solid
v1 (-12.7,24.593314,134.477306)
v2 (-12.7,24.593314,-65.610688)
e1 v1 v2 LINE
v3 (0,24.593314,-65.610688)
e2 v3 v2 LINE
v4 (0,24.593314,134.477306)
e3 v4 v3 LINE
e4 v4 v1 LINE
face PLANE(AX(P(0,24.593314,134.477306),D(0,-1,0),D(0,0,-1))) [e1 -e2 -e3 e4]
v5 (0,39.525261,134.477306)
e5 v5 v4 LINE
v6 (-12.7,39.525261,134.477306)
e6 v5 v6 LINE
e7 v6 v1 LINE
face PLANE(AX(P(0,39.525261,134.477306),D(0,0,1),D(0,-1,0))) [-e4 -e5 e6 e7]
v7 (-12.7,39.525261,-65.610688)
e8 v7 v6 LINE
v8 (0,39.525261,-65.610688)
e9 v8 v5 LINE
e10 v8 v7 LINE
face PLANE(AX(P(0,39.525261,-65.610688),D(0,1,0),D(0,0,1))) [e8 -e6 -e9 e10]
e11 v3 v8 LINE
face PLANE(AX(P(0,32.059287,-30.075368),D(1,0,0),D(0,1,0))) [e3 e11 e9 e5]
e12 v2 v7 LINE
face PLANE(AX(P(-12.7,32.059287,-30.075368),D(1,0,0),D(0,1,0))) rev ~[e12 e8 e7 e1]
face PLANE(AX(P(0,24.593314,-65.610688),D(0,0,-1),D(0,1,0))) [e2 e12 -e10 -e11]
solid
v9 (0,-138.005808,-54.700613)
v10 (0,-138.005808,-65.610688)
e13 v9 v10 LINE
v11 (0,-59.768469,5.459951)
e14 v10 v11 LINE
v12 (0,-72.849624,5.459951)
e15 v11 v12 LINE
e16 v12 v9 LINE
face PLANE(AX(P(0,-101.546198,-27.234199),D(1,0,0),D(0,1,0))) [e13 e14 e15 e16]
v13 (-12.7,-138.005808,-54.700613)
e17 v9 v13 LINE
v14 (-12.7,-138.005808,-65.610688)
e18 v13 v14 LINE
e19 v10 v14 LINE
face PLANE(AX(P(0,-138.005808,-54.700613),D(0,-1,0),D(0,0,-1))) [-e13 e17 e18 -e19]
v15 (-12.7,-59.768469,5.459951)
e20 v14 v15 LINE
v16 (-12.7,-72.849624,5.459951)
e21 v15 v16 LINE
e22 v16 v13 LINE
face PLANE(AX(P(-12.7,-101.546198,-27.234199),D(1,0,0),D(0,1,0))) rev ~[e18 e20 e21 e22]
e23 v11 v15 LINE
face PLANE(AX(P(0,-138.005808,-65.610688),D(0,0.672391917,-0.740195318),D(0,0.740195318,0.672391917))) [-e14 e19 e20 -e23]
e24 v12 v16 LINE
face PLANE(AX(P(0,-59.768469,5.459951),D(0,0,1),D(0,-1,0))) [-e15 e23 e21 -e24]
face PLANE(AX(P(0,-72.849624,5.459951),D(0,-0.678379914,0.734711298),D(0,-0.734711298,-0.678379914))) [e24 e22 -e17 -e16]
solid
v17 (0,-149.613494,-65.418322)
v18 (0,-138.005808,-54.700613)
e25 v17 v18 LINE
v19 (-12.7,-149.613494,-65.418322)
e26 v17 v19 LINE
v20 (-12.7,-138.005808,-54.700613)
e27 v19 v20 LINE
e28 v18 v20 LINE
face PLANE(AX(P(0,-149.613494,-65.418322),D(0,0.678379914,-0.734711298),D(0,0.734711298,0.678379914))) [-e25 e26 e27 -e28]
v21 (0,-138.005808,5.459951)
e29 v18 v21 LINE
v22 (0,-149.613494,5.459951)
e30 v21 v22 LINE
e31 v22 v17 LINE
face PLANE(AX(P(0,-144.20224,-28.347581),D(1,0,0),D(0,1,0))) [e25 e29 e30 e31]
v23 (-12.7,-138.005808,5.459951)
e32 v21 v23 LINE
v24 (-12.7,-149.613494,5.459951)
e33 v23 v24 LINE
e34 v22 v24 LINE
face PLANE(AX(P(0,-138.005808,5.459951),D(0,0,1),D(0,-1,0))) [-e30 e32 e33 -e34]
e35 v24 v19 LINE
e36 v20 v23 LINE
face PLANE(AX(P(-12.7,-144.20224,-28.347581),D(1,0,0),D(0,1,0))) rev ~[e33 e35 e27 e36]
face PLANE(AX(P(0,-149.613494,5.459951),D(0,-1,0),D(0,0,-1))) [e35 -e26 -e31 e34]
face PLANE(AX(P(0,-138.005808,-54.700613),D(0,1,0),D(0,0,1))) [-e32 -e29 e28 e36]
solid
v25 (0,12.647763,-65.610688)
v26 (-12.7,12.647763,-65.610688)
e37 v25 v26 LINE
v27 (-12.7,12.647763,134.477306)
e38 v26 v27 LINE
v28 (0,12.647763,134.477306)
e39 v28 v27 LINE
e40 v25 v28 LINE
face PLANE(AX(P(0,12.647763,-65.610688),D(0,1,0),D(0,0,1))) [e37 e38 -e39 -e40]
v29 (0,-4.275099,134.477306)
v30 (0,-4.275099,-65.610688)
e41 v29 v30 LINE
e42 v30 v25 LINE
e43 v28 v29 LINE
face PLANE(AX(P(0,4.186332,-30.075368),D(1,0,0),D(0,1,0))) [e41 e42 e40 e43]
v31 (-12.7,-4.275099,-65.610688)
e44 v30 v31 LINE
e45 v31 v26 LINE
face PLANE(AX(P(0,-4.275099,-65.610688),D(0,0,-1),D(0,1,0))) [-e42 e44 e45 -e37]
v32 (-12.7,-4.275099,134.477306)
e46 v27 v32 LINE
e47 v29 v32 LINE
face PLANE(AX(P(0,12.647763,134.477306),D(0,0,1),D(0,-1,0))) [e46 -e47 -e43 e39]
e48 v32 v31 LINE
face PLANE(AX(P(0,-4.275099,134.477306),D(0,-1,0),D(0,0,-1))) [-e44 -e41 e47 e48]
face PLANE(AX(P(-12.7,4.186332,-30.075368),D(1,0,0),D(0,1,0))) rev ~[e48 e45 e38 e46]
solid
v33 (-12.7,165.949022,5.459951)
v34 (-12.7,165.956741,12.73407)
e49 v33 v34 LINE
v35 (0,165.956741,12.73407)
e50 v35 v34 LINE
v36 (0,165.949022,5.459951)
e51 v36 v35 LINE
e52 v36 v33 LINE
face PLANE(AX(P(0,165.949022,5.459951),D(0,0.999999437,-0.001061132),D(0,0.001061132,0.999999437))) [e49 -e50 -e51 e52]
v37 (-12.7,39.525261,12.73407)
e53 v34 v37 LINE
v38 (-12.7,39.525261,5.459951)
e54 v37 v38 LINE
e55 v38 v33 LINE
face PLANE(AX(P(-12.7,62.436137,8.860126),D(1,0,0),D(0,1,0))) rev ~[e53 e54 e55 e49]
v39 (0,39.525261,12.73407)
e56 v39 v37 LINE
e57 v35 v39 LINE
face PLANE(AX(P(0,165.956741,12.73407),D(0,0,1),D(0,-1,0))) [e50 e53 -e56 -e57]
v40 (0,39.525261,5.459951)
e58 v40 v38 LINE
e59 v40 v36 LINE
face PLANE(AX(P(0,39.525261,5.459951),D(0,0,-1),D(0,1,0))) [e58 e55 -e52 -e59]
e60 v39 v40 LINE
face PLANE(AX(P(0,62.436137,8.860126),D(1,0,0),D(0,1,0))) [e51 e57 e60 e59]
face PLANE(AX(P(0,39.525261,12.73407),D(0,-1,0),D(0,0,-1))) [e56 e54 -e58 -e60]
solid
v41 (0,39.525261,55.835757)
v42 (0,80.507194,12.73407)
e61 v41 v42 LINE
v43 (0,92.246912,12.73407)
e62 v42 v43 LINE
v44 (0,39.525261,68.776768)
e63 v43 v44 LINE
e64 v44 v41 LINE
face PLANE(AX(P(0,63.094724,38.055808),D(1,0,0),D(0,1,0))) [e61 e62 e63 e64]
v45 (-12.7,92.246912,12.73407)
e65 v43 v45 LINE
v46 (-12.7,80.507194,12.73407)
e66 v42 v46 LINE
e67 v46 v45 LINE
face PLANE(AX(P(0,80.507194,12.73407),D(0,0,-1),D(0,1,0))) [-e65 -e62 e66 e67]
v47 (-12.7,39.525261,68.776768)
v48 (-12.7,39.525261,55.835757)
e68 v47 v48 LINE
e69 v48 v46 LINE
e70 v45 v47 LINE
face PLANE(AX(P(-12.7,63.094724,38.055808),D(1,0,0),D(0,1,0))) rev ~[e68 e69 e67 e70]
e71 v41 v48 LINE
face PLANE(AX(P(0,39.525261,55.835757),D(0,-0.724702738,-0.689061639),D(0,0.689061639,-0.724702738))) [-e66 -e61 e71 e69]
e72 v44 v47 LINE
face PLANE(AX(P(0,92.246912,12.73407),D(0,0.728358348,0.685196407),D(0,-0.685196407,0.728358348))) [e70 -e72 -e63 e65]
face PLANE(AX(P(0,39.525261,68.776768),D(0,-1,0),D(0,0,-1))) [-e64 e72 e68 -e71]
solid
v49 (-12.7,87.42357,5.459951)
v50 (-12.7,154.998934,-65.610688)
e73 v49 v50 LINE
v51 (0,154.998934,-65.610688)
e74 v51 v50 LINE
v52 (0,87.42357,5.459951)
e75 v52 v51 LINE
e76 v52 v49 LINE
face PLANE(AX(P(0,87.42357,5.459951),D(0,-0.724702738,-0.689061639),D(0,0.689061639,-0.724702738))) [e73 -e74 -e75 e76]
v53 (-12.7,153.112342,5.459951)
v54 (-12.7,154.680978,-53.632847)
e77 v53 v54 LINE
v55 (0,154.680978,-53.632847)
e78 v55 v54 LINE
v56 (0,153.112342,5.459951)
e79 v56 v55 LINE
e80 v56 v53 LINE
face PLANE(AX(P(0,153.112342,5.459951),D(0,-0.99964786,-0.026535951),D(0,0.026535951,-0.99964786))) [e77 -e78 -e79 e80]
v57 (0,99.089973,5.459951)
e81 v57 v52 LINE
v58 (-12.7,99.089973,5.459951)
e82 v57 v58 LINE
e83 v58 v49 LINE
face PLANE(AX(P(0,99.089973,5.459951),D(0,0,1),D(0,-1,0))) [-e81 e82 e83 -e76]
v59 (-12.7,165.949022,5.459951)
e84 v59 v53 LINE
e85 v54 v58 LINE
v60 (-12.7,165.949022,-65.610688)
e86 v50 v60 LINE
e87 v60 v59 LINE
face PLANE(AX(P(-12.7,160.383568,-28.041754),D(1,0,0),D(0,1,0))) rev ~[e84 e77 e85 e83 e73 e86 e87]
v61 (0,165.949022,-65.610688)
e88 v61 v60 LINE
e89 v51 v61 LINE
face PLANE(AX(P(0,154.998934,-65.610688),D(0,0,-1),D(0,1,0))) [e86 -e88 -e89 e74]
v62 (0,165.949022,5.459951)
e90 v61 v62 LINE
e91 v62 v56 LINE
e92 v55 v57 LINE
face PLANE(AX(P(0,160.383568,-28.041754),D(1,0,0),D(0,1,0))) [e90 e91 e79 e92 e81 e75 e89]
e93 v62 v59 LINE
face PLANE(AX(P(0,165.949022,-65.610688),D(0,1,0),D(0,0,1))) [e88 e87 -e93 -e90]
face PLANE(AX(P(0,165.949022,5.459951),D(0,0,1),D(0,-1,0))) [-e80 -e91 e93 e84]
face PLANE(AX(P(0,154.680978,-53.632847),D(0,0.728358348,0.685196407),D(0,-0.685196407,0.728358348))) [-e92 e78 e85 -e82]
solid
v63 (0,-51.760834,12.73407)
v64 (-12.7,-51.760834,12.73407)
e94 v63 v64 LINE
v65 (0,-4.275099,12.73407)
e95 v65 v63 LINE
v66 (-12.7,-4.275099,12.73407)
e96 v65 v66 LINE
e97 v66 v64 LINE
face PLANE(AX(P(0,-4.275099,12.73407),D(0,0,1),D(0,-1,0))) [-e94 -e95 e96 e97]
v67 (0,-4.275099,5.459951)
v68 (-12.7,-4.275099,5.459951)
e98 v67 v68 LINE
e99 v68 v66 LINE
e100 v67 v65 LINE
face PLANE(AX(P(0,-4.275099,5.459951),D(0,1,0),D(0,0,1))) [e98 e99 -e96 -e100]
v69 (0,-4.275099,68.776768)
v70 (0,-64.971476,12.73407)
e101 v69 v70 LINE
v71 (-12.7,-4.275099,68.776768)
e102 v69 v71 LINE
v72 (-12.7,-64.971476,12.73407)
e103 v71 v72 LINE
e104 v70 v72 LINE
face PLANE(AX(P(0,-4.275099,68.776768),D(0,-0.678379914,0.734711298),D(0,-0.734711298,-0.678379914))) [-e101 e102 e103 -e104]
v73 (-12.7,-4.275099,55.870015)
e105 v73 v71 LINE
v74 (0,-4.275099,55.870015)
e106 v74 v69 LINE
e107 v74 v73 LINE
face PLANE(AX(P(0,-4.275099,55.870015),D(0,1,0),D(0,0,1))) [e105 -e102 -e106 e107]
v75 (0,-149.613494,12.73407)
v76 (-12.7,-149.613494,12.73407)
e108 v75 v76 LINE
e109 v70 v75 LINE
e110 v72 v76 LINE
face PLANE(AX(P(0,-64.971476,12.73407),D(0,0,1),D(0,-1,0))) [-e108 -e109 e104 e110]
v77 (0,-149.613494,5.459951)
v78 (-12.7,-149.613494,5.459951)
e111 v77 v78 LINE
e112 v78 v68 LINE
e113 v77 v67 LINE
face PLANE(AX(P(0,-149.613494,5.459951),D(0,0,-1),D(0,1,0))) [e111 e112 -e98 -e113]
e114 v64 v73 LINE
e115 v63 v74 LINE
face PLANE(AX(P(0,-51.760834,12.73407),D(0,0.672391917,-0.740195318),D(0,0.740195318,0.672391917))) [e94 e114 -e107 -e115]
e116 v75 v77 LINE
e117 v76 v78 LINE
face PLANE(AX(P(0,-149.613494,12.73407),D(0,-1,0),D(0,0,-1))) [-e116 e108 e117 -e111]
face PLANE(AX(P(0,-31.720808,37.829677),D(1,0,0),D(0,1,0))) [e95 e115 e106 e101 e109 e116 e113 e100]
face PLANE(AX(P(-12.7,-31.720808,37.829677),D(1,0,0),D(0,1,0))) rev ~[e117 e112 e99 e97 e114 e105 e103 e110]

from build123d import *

# Parameters (mm, degrees)
F0_W     = 14.9319469929
F0_H     = 71.0706394166
F1_DEPTH = 12.7
F0_W_2   = 16.9228613377
F2_DEPTH = 12.7
F3_DEPTH = 12.7


with BuildPart() as f1:
    # F0 (on Right) → F1 (new body)
    with BuildSketch(Plane.YZ):
        with Locations((32.0592873663, -30.0753683969)):
            Rectangle(F0_W, F0_H)
        Polygon((39.5252608627, 55.8357574791), (39.5252608627, 68.7767677754), (39.5252608627, 134.4773062319), (24.5933138699, 134.4773062319), (24.5933138699, 5.4599513113), (39.5252608627, 5.4599513113), (39.5252608627, 12.7340704948), align=None)
    extrude(amount=-F1_DEPTH)


with BuildPart() as f1b:
    # F0 (on Right) → F1, piece 2 (new body)
    with BuildSketch(Plane.YZ):
        with Locations((4.1863319397, -30.0753683969)):
            Rectangle(F0_W_2, F0_H)
        Polygon((-4.2750987291, 5.4599513113), (12.6477626086, 5.4599513113), (12.6477626086, 134.4773062319), (-4.2750987291, 134.4773062319), (-4.2750987291, 68.7767677754), (-4.2750987291, 55.8700152487), (-4.2750987291, 12.7340704948), align=None)
    extrude(amount=-F1_DEPTH)


with BuildPart() as f1c:
    # F0 (on Right) → F1, piece 3 (new body)
    with BuildSketch(Plane.YZ):
        Polygon((-149.6134943395, 5.4599513113), (-149.6134943395, -65.4183215648), (-138.0058078351, -54.7006132747), (-138.0058078351, 5.4599513113), align=None)
    extrude(amount=-F1_DEPTH)


with BuildPart() as f1d:
    # F0 (on Right) → F1, piece 4 (new body)
    with BuildSketch(Plane.YZ):
        Polygon((165.9490221113, -65.6106881052), (165.9490221113, 5.4599513113), (153.1123422951, 5.4599513113), (154.6809782416, -53.6328468082), align=None)
        Polygon((154.9989336104, -65.6106881052), (165.9490221113, -65.6106881052), (154.6809782416, -53.6328468082), align=None)
        Polygon((154.6809782416, -53.6328468082), (99.0899727268, 5.4599513113), (87.4235696838, 5.4599513113), (154.9989336104, -65.6106881052), align=None)
    extrude(amount=-F1_DEPTH)


with BuildPart() as f1e:
    # F0 (on Right) → F1, piece 5 (new body)
    with BuildSketch(Plane.YZ):
        Polygon((-138.0058078351, -54.7006132747), (-138.0058078351, -65.6106881052), (-59.7684685426, 5.4599513113), (-72.8496238127, 5.4599513113), align=None)
    extrude(amount=-F1_DEPTH)


with BuildPart() as f2:
    # F0 (on Right) → F2 (new body)
    with BuildSketch(Plane.YZ):
        Polygon((-4.2750987291, 68.7767677754), (-64.9714755377, 12.7340704948), (-51.76083367, 12.7340704948), (-4.2750987291, 55.8700152487), align=None)
        Polygon((-149.6134943395, 12.7340704948), (-149.6134943395, 5.4599513113), (-138.0058078351, 5.4599513113), (-72.8496238127, 5.4599513113), (-64.9714755377, 12.7340704948), align=None)
        Polygon((-51.76083367, 12.7340704948), (-59.7684685426, 5.4599513113), (-4.2750987291, 5.4599513113), (-4.2750987291, 12.7340704948), align=None)
        Polygon((-72.8496238127, 5.4599513113), (-59.7684685426, 5.4599513113), (-51.76083367, 12.7340704948), (-64.9714755377, 12.7340704948), align=None)
    extrude(amount=-F2_DEPTH)


with BuildPart() as f2b:
    # F0 (on Right) → F2, piece 2 (new body)
    with BuildSketch(Plane.YZ):
        Polygon((80.5071938765, 12.7340704948), (92.2469121084, 12.7340704948), (39.5252608627, 68.7767677754), (39.5252608627, 55.8357574791), align=None)
    extrude(amount=-F2_DEPTH)


with BuildPart() as f3:
    # F0 (on Right) → F3 (new body)
    with BuildSketch(Plane.YZ):
        Polygon((39.5252608627, 5.4599513113), (87.4235696838, 5.4599513113), (80.5071938765, 12.7340704948), (39.5252608627, 12.7340704948), align=None)
        Polygon((153.1123422951, 5.4599513113), (165.9490221113, 5.4599513113), (165.9567409128, 12.7340704948), (92.2469121084, 12.7340704948), (99.0899727268, 5.4599513113), align=None)
        Polygon((87.4235696838, 5.4599513113), (99.0899727268, 5.4599513113), (92.2469121084, 12.7340704948), (80.5071938765, 12.7340704948), align=None)
    extrude(amount=-F3_DEPTH)


solid = Compound([f1.part, f1b.part, f1c.part, f1d.part, f1e.part, f2.part, f2b.part, f3.part])
